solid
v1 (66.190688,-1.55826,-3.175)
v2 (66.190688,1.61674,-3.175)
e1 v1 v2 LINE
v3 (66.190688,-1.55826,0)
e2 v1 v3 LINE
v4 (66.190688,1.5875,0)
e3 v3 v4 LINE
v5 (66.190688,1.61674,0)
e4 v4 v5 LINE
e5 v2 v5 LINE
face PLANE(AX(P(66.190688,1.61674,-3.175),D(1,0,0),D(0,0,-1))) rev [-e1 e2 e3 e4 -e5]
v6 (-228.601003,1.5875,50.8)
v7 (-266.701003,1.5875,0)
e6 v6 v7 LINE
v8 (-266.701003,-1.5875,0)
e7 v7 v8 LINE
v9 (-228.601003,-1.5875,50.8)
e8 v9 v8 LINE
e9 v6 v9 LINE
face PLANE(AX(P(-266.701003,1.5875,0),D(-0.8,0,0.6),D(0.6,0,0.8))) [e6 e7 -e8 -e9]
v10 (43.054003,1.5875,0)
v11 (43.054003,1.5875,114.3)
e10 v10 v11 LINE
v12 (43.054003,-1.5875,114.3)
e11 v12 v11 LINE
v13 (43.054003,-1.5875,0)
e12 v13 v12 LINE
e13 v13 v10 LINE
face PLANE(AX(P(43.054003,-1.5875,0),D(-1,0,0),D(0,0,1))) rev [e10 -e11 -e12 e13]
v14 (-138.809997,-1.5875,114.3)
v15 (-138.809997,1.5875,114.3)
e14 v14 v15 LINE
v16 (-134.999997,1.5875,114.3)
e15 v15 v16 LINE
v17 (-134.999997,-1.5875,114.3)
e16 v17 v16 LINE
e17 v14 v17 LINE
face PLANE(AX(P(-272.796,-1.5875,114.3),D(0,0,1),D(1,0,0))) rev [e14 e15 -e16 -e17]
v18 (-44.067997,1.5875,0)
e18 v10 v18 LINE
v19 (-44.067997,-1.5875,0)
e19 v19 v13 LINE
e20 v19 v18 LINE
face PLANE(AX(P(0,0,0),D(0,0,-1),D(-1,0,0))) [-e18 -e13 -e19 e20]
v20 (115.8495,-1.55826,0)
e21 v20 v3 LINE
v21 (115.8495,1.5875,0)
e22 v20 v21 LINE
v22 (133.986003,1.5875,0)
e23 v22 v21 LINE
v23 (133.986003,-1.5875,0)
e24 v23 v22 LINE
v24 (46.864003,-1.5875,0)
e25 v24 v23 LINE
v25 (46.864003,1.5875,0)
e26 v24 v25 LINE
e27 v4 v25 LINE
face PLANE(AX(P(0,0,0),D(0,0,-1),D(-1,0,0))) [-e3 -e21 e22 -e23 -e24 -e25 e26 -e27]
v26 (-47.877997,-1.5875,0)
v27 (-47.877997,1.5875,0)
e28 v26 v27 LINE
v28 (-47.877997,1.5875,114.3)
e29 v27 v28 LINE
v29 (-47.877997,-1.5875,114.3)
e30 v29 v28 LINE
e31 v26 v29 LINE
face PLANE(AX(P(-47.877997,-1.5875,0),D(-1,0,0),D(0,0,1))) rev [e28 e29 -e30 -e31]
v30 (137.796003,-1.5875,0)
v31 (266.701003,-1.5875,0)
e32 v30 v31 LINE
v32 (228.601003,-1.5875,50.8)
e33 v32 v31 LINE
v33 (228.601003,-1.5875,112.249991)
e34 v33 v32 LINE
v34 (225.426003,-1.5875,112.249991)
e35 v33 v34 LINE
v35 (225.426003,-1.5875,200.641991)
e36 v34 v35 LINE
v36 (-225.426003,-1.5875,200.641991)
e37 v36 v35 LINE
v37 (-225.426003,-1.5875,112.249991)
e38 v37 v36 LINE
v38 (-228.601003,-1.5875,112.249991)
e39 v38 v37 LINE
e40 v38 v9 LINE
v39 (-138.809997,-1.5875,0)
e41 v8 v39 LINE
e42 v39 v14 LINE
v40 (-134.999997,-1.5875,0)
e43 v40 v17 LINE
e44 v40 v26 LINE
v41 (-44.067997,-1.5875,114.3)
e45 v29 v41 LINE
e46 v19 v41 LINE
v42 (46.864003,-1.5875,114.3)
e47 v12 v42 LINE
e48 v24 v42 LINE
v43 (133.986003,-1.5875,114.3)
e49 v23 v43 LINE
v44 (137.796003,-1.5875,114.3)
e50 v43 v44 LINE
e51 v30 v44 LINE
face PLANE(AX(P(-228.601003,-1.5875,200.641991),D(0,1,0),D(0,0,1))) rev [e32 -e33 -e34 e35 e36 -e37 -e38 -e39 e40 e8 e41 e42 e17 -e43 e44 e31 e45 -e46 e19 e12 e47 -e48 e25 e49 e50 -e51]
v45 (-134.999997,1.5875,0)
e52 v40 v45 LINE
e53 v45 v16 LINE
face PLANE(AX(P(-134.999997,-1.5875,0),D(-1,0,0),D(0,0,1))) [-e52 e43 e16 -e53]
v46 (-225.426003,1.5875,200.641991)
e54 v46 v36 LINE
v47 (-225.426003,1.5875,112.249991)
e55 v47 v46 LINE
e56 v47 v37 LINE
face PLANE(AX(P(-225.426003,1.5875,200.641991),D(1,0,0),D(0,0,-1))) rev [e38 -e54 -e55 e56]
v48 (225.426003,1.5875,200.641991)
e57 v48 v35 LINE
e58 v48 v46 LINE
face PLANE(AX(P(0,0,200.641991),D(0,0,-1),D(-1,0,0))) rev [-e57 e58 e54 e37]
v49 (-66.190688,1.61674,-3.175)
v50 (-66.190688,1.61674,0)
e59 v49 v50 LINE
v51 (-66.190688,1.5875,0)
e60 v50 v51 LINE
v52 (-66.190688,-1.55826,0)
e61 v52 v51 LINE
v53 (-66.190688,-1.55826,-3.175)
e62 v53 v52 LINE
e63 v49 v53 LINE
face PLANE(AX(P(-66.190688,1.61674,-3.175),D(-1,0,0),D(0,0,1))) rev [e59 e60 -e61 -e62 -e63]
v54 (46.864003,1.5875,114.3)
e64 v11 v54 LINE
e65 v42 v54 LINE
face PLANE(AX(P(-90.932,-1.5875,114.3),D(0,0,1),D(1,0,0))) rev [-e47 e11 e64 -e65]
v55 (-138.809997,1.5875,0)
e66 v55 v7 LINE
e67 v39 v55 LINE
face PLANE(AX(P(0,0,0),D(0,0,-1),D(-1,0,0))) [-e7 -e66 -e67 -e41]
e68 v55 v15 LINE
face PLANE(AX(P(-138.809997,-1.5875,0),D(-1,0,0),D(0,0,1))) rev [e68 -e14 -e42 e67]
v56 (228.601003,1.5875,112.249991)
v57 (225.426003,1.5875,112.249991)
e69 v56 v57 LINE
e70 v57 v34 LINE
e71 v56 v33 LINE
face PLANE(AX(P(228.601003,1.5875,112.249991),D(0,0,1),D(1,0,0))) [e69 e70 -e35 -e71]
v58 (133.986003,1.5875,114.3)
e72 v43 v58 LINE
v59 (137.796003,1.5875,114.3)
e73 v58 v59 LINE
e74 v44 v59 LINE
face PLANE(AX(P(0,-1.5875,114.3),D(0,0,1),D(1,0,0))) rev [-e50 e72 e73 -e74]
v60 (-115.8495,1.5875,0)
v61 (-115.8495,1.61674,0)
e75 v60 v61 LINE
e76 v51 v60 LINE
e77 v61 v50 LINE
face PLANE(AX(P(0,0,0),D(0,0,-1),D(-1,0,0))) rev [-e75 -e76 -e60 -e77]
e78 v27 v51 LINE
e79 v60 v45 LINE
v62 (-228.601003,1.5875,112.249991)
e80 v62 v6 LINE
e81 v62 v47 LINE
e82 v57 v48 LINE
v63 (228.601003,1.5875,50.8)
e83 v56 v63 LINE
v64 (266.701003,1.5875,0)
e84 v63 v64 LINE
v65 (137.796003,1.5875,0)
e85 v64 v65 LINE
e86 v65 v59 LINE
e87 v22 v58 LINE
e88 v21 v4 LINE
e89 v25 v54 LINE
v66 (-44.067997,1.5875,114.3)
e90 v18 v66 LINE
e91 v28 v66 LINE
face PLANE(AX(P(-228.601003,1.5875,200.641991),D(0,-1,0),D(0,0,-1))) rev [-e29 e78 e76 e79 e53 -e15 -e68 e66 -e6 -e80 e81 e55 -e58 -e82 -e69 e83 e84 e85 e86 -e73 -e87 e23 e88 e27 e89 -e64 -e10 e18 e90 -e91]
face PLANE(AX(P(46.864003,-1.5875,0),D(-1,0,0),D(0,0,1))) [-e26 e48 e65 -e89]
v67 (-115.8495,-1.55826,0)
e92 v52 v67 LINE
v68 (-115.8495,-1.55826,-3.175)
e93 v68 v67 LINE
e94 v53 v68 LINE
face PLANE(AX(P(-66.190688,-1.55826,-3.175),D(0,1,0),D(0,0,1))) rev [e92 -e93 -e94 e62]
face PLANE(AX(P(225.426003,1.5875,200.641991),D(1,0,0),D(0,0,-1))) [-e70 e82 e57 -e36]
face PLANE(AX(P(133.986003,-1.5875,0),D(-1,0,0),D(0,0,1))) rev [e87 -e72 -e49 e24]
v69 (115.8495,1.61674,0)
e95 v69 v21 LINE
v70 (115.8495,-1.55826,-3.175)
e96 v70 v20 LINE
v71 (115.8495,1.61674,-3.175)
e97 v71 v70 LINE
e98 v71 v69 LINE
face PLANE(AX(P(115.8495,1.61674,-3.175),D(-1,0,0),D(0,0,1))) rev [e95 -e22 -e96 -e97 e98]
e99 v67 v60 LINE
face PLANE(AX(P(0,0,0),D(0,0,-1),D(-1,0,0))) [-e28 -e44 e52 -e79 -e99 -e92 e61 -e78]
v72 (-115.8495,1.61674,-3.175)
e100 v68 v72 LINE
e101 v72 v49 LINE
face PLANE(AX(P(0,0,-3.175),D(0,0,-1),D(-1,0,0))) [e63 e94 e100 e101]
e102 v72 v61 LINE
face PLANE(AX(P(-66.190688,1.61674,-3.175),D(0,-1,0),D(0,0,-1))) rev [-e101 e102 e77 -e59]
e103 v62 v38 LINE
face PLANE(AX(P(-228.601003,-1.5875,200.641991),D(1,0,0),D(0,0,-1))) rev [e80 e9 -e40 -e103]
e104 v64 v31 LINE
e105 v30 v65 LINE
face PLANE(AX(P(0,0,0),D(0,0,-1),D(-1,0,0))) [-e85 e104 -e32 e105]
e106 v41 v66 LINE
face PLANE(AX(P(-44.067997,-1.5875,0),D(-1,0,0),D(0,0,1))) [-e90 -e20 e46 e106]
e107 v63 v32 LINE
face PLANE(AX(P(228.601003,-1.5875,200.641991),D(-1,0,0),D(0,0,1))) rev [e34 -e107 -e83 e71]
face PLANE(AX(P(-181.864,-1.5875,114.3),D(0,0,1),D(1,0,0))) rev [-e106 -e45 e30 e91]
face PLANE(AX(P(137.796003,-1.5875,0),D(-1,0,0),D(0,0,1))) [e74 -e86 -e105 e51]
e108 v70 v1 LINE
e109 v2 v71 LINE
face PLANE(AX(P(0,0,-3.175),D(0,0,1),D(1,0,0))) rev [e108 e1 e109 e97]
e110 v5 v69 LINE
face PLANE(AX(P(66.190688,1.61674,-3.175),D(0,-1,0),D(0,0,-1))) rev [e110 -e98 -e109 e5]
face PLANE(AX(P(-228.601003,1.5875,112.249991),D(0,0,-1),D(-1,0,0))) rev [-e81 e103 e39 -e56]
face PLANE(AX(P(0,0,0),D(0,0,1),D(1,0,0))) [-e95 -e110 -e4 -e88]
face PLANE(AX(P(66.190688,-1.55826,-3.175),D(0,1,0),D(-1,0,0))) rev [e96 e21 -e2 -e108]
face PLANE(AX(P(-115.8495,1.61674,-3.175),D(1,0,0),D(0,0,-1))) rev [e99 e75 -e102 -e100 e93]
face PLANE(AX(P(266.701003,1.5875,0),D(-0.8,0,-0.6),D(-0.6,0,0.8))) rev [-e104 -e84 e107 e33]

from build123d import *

# Parameters (mm, degrees)
SKETCH1_W           = 457.2020066
SKETCH1_H           = 3.175
BOSS_EXTRUDE1_DEPTH = 200.6419914
SKETCH2_W           = 3.81
SKETCH2_H           = 114.3
CUT_EXTRUDE1_DEPTH  = 305.180387349
LPATTERN1_COUNT     = 4
LPATTERN1_PITCH     = 90.932
BOSS_EXTRUDE3_DEPTH = 3.175
SKETCH5_W           = 3.175
SKETCH5_H           = 88.392
CUT_EXTRUDE2_DEPTH  = 3.175
SKETCH3_W           = 49.658811606
SKETCH3_H           = 3.175
BOSS_EXTRUDE4_DEPTH = 3.175


with BuildPart() as part:
    # Sketch1 → Boss-Extrude1 (new body)
    with BuildSketch(Plane.XY):
        Rectangle(SKETCH1_W, SKETCH1_H)
    extrude(amount=BOSS_EXTRUDE1_DEPTH)

    # Sketch2 → Cut-Extrude1 (cut, through all)
    with BuildSketch(Plane(origin=(0, 1.5875, 0), x_dir=(1, 0, 0), z_dir=(0, 1, 0))):
        with Locations((135.8910033, -57.15)):
            Rectangle(SKETCH2_W, SKETCH2_H)
    cut_extrude1 = extrude(amount=-CUT_EXTRUDE1_DEPTH, mode=Mode.SUBTRACT)

    # LPattern1: Cut-Extrude1 ×4
    with Locations(*[(-i * LPATTERN1_PITCH, 0, 0) for i in range(1, LPATTERN1_COUNT)]):
        add(cut_extrude1, mode=Mode.SUBTRACT)

    # Sketch4 → Boss-Extrude3 (add)
    with BuildSketch(Plane.XZ.offset(1.5875)):
        Polygon((-228.6010033, 0), (-266.7010033, 0), (-228.6010033, 50.8), align=None)
    boss_extrude3 = extrude(amount=-BOSS_EXTRUDE3_DEPTH)

    # Mirror1: Boss-Extrude3 across plane
    add(boss_extrude3.mirror(Plane(origin=(0, 0, 0), x_dir=(0, 0, 1), z_dir=(1, 0, 0))))

    # Sketch5 → Cut-Extrude2 (cut)
    with BuildSketch(Plane.XZ.offset(1.5875)):
        with Locations((-227.0135033, 156.4459914)):
            Rectangle(SKETCH5_W, SKETCH5_H)
    cut_extrude2 = extrude(amount=-CUT_EXTRUDE2_DEPTH, mode=Mode.SUBTRACT)

    # Mirror2: Cut-Extrude2 across plane
    add(cut_extrude2.mirror(Plane(origin=(0, 0, 0), x_dir=(0, 0, 1), z_dir=(1, 0, 0))), mode=Mode.SUBTRACT)

    # Sketch3 → Boss-Extrude4 (add)
    with BuildSketch(Plane(origin=(0, 0, 0), x_dir=(-1, 0, 0), z_dir=(0, 0, -1))):
        with Locations((-91.020094169, 0.029240406)):
            Rectangle(SKETCH3_W, SKETCH3_H)
        with Locations((91.020094169, 0.029240406)):
            Rectangle(SKETCH3_W, SKETCH3_H)
    extrude(amount=BOSS_EXTRUDE4_DEPTH)


solid = part.part
